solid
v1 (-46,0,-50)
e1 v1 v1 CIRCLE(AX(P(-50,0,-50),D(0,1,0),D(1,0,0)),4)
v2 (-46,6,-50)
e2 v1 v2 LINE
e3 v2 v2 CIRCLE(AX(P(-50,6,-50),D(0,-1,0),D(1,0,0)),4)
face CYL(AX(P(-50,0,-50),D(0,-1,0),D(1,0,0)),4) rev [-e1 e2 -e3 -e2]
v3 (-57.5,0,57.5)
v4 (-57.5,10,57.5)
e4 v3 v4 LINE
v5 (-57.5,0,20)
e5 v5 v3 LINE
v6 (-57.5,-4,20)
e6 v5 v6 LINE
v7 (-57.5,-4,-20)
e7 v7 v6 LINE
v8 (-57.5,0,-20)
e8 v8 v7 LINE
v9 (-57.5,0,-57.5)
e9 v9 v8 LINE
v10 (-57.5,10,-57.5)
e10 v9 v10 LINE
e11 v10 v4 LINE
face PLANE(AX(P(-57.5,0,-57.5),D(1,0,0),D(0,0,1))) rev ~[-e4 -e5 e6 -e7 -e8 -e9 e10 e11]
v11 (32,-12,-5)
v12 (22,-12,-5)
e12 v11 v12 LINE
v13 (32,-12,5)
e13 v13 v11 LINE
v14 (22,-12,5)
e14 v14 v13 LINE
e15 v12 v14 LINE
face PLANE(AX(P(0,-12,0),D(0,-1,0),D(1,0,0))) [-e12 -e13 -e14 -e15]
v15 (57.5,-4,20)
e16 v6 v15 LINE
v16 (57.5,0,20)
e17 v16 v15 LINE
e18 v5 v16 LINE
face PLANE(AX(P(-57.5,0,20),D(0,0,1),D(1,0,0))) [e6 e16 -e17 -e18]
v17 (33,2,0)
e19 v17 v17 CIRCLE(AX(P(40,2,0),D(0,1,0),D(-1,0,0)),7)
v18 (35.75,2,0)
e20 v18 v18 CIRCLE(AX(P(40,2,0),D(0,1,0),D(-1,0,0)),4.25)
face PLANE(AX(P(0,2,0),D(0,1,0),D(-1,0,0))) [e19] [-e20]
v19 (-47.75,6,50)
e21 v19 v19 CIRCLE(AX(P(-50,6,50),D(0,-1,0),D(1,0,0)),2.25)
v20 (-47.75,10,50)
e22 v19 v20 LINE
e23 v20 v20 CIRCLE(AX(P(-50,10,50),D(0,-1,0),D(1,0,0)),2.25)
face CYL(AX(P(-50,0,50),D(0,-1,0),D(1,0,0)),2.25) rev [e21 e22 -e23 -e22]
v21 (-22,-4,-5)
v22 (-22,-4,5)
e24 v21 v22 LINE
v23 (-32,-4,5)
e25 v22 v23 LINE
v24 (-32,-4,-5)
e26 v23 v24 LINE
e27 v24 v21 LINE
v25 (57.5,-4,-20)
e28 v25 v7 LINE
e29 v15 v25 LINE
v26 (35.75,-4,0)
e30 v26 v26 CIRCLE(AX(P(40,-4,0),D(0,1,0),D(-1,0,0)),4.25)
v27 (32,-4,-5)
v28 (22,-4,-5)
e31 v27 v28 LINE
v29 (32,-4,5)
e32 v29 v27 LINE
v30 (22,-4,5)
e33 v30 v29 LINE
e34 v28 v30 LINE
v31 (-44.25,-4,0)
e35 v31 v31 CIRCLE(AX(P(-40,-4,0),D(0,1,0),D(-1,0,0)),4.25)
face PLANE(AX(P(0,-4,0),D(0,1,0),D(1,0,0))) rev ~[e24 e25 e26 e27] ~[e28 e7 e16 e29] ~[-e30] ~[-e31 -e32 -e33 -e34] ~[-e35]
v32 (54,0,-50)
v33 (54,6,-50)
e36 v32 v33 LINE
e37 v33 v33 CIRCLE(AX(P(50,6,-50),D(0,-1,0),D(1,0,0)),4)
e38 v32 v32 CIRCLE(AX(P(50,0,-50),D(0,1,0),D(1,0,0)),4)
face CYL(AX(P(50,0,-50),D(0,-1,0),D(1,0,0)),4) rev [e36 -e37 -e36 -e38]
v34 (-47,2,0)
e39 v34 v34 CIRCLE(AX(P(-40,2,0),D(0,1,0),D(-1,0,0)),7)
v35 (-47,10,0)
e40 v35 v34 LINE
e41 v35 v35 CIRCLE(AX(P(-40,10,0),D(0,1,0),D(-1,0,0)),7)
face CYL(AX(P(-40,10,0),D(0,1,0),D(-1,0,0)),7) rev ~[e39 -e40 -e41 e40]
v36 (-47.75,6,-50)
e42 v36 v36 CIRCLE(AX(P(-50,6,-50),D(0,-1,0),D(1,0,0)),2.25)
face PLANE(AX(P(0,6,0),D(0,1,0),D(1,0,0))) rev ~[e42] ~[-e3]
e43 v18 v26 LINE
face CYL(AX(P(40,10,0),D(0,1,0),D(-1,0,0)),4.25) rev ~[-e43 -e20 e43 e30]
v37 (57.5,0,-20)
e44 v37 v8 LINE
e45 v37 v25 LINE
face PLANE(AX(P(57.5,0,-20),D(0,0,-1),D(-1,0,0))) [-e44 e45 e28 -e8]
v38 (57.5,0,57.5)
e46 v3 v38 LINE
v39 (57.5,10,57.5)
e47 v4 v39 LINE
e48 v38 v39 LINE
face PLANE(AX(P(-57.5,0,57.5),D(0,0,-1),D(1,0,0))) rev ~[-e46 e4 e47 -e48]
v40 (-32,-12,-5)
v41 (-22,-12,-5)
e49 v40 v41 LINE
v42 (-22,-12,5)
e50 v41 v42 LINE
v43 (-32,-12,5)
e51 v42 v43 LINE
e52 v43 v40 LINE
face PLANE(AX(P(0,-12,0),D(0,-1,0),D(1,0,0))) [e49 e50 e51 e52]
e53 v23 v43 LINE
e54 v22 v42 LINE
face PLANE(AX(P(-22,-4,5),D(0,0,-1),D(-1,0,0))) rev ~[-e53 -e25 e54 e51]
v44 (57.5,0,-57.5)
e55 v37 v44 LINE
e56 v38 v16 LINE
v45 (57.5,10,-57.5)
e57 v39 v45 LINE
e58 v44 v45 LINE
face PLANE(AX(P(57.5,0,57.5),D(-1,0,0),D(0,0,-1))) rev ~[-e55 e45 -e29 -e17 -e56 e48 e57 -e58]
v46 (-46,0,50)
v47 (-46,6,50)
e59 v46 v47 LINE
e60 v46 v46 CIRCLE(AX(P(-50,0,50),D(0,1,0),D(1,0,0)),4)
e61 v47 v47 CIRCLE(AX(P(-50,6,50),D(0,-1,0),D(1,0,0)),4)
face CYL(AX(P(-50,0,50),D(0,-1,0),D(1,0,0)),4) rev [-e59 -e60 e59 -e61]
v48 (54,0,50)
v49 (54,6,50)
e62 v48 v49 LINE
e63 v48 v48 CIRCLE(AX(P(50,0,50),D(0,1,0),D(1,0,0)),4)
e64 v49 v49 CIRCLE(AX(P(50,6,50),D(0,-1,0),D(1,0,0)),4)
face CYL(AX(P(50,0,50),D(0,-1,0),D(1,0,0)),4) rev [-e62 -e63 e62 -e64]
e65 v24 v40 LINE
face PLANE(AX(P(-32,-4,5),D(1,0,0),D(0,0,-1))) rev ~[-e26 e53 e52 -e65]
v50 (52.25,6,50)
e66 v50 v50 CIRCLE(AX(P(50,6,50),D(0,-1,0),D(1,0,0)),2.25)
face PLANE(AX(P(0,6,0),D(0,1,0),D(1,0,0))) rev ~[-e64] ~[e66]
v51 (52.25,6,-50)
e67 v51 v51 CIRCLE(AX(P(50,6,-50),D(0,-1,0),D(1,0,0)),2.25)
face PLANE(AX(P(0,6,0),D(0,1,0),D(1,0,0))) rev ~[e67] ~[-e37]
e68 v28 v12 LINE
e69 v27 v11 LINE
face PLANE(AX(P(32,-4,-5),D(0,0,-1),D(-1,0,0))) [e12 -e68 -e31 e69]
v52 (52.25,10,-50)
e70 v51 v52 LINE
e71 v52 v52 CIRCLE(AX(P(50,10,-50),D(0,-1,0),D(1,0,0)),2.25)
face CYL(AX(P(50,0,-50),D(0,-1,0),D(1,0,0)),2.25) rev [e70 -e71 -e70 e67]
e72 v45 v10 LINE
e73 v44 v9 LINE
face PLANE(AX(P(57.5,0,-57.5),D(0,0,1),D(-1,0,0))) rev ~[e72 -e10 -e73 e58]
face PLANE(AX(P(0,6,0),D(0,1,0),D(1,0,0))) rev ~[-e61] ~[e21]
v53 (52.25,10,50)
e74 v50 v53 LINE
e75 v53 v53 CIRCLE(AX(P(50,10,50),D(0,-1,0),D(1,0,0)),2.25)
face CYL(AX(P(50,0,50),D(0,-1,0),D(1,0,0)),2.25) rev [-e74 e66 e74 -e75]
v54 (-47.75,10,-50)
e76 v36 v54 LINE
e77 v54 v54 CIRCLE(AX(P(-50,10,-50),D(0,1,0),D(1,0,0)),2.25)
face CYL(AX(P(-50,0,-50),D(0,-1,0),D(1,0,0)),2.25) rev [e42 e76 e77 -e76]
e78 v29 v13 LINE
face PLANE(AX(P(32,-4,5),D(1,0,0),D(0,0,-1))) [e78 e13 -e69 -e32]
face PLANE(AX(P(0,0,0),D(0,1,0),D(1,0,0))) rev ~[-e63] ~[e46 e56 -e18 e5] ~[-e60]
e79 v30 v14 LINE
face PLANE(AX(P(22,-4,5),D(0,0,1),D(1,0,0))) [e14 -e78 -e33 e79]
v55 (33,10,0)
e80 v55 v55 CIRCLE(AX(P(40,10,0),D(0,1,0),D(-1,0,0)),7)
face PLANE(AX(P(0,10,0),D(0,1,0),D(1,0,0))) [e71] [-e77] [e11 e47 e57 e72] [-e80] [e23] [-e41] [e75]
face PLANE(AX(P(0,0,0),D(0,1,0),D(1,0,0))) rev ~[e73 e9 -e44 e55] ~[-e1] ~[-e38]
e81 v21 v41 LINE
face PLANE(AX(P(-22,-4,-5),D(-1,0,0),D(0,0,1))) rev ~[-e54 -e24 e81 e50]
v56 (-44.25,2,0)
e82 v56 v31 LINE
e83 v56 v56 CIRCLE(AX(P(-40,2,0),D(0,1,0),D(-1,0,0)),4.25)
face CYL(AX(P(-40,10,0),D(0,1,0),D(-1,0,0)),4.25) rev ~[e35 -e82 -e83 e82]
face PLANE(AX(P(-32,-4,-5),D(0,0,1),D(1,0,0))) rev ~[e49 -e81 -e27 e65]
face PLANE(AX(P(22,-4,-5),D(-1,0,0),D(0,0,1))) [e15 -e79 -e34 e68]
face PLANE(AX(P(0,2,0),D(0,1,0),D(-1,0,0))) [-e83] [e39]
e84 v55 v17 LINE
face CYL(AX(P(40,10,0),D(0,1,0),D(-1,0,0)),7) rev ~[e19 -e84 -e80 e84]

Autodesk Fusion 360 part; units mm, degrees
sketch "Sketch1" plane through (0, 0, 0) normal (0, 1, 0) x (1, 0, 0)
  line L0 (50, 50) -> (-50, 50)
  line L1 (-50, 50) -> (-50, -50)
  line L2 (-50, -50) -> (50, -50)
  line L3 (50, -50) -> (50, 50)
  line L4 (50, 50) -> (-50, -50) construction
  line L5 (-50, 50) -> (50, -50) construction
  circle A0 centre (-50, 50) radius 2.25
  circle A1 centre (50, 50) radius 2.25
  circle A2 centre (-50, -50) radius 2.25
  circle A3 centre (50, -50) radius 2.25
  line L6 (57.5, 57.5) -> (-57.5, 57.5)
  line L7 (-57.5, 57.5) -> (-57.5, -57.5)
  line L8 (-57.5, -57.5) -> (57.5, -57.5)
  line L9 (57.5, -57.5) -> (57.5, 57.5)
  line L10 (57.5, 57.5) -> (-57.5, -57.5) construction
  line L11 (-57.5, 57.5) -> (57.5, -57.5) construction
  circle A4 centre (-50, 50) radius 4
  circle A5 centre (50, 50) radius 4
  circle A6 centre (50, -50) radius 4
  circle A7 centre (-50, -50) radius 4
  dimension "d1" = 100
  dimension "d2" = 100
  dimension "d3" = 4.5
  dimension "d4" = 4.5
  dimension "d5" = 4.5
  dimension "d6" = 4.5
  dimension "d7" = 115
  dimension "d8" = 115
  dimension "d11" = 8
  dimension "d12" = 8
  dimension "d13" = 8
  dimension "d14" = 8
extrude "Extrude1" add sketch "Sketch1" along normal blind 10 contours L0 L1 A0 A4 | L0 L1 A0 A4 | L0 L1 L2 L3 A4 A5 A6 A7 | L0 L3 A1 A5 | L0 L3 A1 A5 | L1 L2 A2 A7 | L1 L2 A2 A7 | L2 L3 A3 A6 | L2 L3 A3 A6 | L6 L7 L8 L9
extrude "Extrude2" cut sketch "Sketch1" along normal blind 6 contours L0 L1 A0 A4 | L0 L1 A0 A4 | L0 L3 A1 A5 | L0 L3 A1 A5 | L1 L2 A2 A7 | L1 L2 A2 A7 | L2 L3 A3 A6 | L2 L3 A3 A6
sketch "Sketch2" plane through (0, 0, 0) normal (0, 1, 0) x (1, 0, 0)
  line L0 (57.5, 20) -> (-57.5, 20)
  line L1 (-57.5, 20) -> (-57.5, -20)
  line L2 (-57.5, -20) -> (57.5, -20)
  line L3 (57.5, -20) -> (57.5, 20)
  line L4 (57.5, 20) -> (-57.5, -20) construction
  line L5 (-57.5, 20) -> (57.5, -20) construction
  dimension "d17" = 115
  dimension "d18" = 40
extrude "Extrude3" add sketch "Sketch2" against normal blind 20
sketch "Sketch3" plane through (0, 10, 0) normal (0, 1, 0) x (-1, 0, 0)
  circle A0 centre (50, -50) radius 2.25
  circle A1 centre (-50, -50) radius 2.25
  circle A2 centre (-50, 50) radius 2.25
  circle A3 centre (50, 50) radius 2.25
  line L0 (-57.5, 57.5) -> (-57.5, -57.5)
  line L1 (-57.5, -57.5) -> (57.5, -57.5)
  line L2 (57.5, -57.5) -> (57.5, 57.5)
  line L3 (57.5, 57.5) -> (-57.5, 57.5)
  circle A4 centre (-40, 0) radius 7
  circle A5 centre (40, 0) radius 7
  circle A6 centre (40, 0) radius 4.25
  circle A7 centre (-40, 0) radius 4.25
  dimension "d21" = 14
  dimension "d22" = 14
  dimension "d23" = 8.5
  dimension "d24" = 8.5
extrude "Extrude4" cut sketch "Sketch3" against normal blind 8 contours A4 | A5
extrude "Extrude5" cut 2 faces at (-40.8833, 10, 1.9427) (39.1167, 10, 1.9427) along direction (0, -1, 0) blind 37
extrude "Extrude6" cut 1 faces at (-12.625, -20, 14.5602) along direction (0, 1, 0) blind 15
extrude "Extrude7" cut 1 faces at (-12.625, -5, 14.5602) along direction (0, 1, 0) blind 1
sketch "Sketch4" plane through (0, -4, 0) normal (0, -1, 0) x (1, 0, 0)
  circle A0 centre (-40, 0) radius 4.25
  circle A1 centre (40, 0) radius 4.25
  line L0 (57.5, -20) -> (57.5, 20)
  line L1 (57.5, 20) -> (-57.5, 20)
  line L2 (-57.5, 20) -> (-57.5, -20)
  line L3 (-57.5, -20) -> (57.5, -20)
  line L4 (-22, 5) -> (-32, 5)
  line L5 (-32, 5) -> (-32, -5)
  line L6 (-32, -5) -> (-22, -5)
  line L7 (-22, -5) -> (-22, 5)
  line L8 (-22, 5) -> (-32, -5) construction
  line L9 (-32, 5) -> (-22, -5) construction
  line L10 (0, 1.75) -> (0, 22.5)
  line L11 (22, 5) -> (32, 5)
  line L12 (32, 5) -> (32, -5)
  line L13 (32, -5) -> (22, -5)
  line L14 (22, -5) -> (22, 5)
  point P0 (-27, 0)
  dimension "d33" = 10
  dimension "d34" = 10
extrude "Extrude8" add sketch "Sketch4" along normal blind 8 contours L4 L5 L6 L7 | L11 L12 L13 L14
